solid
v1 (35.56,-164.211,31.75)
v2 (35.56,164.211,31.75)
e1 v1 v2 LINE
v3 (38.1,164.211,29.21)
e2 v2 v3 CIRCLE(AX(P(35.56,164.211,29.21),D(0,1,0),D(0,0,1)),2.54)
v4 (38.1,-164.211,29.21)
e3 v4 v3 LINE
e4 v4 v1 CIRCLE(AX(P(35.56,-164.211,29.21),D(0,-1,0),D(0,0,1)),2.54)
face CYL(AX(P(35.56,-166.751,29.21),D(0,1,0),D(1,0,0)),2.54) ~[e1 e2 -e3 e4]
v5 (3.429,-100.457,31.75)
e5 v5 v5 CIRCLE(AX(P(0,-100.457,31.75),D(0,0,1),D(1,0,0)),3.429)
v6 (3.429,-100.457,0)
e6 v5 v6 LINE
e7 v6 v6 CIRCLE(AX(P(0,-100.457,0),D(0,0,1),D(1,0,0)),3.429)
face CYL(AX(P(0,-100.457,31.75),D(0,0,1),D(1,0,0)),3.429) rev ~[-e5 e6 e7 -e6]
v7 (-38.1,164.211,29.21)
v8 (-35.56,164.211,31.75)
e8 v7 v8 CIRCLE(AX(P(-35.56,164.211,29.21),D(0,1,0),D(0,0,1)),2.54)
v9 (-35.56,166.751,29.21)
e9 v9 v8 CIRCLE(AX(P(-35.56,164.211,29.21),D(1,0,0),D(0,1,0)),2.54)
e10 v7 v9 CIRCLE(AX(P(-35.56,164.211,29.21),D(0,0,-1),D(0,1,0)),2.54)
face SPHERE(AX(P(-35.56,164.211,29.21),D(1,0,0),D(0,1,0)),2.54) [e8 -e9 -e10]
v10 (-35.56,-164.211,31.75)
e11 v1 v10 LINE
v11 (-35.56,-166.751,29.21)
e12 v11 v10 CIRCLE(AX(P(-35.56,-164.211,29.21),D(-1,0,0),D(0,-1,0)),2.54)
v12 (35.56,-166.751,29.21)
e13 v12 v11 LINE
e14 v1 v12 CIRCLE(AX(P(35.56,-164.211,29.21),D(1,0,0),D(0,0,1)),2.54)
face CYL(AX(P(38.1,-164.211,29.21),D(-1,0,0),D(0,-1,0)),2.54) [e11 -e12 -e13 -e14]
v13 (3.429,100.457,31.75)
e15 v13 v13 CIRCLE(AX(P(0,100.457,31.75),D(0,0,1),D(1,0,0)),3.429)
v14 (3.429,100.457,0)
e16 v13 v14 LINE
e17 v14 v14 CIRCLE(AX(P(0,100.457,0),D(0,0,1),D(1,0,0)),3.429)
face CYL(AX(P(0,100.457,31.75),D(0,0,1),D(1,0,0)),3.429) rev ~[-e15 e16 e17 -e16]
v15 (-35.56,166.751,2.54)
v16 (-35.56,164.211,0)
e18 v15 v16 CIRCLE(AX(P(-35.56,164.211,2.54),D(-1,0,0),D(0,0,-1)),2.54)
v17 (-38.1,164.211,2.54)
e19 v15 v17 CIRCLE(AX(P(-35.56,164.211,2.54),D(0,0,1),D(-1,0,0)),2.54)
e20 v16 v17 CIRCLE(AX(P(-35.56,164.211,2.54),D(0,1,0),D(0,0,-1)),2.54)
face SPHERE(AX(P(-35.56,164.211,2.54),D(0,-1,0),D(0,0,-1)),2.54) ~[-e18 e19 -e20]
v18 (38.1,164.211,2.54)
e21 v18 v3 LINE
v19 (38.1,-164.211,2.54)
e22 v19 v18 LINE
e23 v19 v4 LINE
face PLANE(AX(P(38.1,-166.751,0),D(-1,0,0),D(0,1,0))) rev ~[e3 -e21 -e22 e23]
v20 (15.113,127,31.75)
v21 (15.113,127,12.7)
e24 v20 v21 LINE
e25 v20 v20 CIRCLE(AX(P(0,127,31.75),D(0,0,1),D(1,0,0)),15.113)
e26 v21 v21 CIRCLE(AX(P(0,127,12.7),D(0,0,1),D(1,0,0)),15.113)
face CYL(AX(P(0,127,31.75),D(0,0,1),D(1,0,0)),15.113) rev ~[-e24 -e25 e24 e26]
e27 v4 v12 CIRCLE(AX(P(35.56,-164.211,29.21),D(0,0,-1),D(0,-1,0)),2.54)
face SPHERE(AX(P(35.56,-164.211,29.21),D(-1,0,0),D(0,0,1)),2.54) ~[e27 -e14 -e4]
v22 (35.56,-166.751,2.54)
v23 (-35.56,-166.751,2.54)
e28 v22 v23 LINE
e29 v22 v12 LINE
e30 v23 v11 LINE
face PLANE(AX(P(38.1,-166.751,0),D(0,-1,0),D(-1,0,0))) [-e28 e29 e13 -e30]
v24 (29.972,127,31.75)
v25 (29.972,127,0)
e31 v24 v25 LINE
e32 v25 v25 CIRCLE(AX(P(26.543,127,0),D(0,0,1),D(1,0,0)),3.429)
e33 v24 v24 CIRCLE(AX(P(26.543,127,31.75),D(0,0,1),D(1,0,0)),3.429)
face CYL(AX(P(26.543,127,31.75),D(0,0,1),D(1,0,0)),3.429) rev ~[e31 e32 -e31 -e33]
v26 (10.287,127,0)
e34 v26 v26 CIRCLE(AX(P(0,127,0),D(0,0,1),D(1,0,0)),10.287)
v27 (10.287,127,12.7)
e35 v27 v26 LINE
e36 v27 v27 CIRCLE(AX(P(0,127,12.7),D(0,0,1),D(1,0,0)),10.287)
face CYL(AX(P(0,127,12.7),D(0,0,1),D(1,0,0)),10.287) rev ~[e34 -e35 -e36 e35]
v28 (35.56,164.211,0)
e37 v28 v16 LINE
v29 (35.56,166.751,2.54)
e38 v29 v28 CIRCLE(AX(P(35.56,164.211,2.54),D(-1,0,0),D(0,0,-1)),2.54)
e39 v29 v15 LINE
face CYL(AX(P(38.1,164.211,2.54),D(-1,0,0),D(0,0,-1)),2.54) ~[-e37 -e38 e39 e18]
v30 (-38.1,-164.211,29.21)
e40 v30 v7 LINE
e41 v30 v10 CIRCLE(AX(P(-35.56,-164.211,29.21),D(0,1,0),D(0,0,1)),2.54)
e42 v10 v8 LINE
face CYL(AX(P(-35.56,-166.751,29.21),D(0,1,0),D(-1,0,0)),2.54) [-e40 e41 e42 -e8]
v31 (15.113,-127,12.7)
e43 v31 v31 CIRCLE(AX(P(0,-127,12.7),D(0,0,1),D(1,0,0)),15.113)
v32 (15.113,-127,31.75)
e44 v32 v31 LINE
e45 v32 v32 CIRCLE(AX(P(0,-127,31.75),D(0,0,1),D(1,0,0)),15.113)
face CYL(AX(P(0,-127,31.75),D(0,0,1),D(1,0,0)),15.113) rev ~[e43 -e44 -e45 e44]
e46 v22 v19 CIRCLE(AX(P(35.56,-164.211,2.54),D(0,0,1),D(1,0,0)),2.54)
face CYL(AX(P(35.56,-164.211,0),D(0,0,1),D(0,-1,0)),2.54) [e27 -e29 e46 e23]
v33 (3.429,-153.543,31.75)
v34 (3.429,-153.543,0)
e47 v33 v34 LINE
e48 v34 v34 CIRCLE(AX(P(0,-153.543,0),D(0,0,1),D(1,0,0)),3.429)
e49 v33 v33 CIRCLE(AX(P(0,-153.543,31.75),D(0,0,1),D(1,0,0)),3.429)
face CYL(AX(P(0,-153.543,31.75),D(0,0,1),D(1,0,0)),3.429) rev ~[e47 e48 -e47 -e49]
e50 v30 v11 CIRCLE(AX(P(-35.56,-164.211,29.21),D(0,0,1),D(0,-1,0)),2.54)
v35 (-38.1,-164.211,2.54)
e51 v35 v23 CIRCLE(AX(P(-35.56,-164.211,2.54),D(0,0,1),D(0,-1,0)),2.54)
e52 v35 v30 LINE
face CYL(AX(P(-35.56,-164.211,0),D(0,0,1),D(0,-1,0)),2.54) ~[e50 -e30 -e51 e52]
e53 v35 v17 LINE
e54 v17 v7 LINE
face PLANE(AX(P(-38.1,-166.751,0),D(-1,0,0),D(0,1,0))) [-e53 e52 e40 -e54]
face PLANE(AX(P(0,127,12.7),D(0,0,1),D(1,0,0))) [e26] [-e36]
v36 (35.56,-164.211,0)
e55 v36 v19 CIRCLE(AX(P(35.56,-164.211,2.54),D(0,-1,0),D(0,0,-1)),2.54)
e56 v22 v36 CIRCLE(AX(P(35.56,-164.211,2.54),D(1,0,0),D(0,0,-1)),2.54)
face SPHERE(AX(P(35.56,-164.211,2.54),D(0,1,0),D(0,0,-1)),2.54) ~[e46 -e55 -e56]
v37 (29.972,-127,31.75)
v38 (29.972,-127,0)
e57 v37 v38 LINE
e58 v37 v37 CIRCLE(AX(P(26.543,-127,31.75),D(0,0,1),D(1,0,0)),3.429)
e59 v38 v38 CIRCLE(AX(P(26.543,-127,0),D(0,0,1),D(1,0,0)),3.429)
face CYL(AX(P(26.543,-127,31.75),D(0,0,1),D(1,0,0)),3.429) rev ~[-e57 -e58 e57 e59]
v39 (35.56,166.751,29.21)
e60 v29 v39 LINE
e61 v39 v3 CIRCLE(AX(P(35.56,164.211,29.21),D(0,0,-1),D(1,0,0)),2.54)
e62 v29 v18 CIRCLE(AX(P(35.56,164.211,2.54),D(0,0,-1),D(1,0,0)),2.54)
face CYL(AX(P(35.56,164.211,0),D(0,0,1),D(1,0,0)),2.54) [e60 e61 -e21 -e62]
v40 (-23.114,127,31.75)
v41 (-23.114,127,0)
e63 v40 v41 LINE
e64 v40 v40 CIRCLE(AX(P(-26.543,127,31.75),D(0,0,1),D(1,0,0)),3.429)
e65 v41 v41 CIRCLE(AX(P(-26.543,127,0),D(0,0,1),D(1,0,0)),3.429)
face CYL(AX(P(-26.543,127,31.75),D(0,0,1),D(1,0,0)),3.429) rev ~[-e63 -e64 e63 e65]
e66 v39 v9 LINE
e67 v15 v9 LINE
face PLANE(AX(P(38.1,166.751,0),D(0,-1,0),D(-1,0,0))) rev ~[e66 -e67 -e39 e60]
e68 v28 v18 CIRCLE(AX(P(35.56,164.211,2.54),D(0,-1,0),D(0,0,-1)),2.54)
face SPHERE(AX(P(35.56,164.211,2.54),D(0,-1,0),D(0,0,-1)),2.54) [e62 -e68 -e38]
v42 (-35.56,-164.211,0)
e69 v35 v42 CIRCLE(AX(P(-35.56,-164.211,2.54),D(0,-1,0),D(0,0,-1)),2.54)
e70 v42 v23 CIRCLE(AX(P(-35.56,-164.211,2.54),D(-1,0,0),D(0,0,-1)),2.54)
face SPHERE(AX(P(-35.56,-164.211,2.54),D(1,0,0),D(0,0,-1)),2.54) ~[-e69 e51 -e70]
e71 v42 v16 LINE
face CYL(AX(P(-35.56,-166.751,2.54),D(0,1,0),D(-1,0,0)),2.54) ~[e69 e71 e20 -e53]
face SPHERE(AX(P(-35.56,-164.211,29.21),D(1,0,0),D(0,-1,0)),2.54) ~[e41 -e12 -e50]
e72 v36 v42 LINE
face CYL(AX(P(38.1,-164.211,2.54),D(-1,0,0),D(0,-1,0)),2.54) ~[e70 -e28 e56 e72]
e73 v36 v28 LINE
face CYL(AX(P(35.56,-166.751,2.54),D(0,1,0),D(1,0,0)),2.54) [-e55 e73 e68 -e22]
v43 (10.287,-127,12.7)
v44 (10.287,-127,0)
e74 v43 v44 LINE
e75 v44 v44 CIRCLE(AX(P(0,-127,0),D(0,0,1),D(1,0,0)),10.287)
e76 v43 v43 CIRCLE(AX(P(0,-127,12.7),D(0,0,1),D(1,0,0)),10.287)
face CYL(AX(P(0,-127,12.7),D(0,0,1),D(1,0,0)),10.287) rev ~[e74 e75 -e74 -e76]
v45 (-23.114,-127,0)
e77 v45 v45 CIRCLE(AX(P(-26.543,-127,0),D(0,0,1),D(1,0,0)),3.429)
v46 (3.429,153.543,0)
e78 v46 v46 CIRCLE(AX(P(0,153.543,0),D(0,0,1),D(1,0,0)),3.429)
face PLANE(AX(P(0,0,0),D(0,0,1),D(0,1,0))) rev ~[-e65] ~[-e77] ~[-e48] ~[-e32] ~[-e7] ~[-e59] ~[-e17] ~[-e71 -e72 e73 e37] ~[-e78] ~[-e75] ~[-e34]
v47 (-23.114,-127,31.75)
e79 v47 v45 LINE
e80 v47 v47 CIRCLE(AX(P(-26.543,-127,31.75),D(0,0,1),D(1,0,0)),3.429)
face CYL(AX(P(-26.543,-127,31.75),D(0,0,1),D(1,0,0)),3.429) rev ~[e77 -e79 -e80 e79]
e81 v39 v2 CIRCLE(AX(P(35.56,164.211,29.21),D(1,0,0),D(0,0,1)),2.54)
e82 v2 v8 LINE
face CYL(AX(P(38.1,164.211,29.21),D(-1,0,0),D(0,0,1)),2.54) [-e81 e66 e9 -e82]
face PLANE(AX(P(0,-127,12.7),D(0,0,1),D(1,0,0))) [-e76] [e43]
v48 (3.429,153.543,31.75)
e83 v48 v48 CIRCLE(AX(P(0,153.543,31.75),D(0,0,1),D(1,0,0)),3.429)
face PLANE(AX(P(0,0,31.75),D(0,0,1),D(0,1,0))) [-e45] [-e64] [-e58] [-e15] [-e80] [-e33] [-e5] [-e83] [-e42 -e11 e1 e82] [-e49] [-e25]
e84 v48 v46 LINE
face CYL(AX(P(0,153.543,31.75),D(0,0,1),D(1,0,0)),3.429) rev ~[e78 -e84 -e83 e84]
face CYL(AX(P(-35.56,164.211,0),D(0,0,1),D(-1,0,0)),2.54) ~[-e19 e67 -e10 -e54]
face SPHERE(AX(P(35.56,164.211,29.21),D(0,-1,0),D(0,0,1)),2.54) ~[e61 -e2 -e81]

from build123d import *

# Parameters (mm, degrees)
SKETCH1_W           = 333.502
SKETCH1_H           = 76.2
BOSS_EXTRUDE1_DEPTH = 31.75
SKETCH2_R           = 15.113
CUT_EXTRUDE1_DEPTH  = 19.05
SKETCH3_R           = 10.287
CUT_EXTRUDE2_DEPTH  = 173.105806122
SKETCH4_R           = 3.429
CUT_EXTRUDE3_DEPTH  = 174.970021846
FILLET1_R           = 2.54


with BuildPart() as part:
    # Sketch1 → Boss-Extrude1 (new body)
    with BuildSketch(Plane(origin=(0, 0, 0), x_dir=(0, 1, 0), z_dir=(0, 0, 1))):
        Rectangle(SKETCH1_W, SKETCH1_H)
    extrude(amount=BOSS_EXTRUDE1_DEPTH)

    # Sketch2 → Cut-Extrude1 (cut)
    with BuildSketch(Plane.XY.offset(31.75)):
        with Locations((0, 127)):
            Circle(SKETCH2_R)
        with Locations((0, -127)):
            Circle(SKETCH2_R)
    extrude(amount=-CUT_EXTRUDE1_DEPTH, mode=Mode.SUBTRACT)

    # Sketch3 → Cut-Extrude2 (cut, through all)
    with BuildSketch(Plane.XY.offset(12.7)):
        with Locations((0, -127)):
            Circle(SKETCH3_R)
        with Locations((0, 127)):
            Circle(SKETCH3_R)
    extrude(amount=-CUT_EXTRUDE2_DEPTH, mode=Mode.SUBTRACT)

    # Sketch4 → Cut-Extrude3 (cut, through all)
    with BuildSketch(Plane.XY.offset(31.75)):
        with Locations((-26.543, 127)):
            Circle(SKETCH4_R)
        with Locations((0, 153.543)):
            Circle(SKETCH4_R)
        with Locations((26.543, 127)):
            Circle(SKETCH4_R)
        with Locations((0, 100.457)):
            Circle(SKETCH4_R)
        with Locations((0, -100.457)):
            Circle(SKETCH4_R)
        with Locations((26.543, -127)):
            Circle(SKETCH4_R)
        with Locations((0, -153.543)):
            Circle(SKETCH4_R)
        with Locations((-26.543, -127)):
            Circle(SKETCH4_R)
    extrude(amount=-CUT_EXTRUDE3_DEPTH, mode=Mode.SUBTRACT)

    # Fillet1
    fillet1_edges = [part.edges().sort_by_distance(p)[0] for p in [
        (0, -166.751, 31.75),
        (38.1, 0, 31.75),
        (0, 166.751, 31.75),
        (38.1, 0, 0),
        (0, -166.751, 0),
        (-38.1, 0, 0),
        (0, 166.751, 0),
        (38.1, 166.751, 15.875),
        (38.1, -166.751, 15.875),
        (-38.1, -166.751, 15.875),
        (-38.1, 166.751, 15.875),
        (-38.1, 0, 31.75),
    ]]
    fillet(fillet1_edges, radius=FILLET1_R)


solid = part.part
